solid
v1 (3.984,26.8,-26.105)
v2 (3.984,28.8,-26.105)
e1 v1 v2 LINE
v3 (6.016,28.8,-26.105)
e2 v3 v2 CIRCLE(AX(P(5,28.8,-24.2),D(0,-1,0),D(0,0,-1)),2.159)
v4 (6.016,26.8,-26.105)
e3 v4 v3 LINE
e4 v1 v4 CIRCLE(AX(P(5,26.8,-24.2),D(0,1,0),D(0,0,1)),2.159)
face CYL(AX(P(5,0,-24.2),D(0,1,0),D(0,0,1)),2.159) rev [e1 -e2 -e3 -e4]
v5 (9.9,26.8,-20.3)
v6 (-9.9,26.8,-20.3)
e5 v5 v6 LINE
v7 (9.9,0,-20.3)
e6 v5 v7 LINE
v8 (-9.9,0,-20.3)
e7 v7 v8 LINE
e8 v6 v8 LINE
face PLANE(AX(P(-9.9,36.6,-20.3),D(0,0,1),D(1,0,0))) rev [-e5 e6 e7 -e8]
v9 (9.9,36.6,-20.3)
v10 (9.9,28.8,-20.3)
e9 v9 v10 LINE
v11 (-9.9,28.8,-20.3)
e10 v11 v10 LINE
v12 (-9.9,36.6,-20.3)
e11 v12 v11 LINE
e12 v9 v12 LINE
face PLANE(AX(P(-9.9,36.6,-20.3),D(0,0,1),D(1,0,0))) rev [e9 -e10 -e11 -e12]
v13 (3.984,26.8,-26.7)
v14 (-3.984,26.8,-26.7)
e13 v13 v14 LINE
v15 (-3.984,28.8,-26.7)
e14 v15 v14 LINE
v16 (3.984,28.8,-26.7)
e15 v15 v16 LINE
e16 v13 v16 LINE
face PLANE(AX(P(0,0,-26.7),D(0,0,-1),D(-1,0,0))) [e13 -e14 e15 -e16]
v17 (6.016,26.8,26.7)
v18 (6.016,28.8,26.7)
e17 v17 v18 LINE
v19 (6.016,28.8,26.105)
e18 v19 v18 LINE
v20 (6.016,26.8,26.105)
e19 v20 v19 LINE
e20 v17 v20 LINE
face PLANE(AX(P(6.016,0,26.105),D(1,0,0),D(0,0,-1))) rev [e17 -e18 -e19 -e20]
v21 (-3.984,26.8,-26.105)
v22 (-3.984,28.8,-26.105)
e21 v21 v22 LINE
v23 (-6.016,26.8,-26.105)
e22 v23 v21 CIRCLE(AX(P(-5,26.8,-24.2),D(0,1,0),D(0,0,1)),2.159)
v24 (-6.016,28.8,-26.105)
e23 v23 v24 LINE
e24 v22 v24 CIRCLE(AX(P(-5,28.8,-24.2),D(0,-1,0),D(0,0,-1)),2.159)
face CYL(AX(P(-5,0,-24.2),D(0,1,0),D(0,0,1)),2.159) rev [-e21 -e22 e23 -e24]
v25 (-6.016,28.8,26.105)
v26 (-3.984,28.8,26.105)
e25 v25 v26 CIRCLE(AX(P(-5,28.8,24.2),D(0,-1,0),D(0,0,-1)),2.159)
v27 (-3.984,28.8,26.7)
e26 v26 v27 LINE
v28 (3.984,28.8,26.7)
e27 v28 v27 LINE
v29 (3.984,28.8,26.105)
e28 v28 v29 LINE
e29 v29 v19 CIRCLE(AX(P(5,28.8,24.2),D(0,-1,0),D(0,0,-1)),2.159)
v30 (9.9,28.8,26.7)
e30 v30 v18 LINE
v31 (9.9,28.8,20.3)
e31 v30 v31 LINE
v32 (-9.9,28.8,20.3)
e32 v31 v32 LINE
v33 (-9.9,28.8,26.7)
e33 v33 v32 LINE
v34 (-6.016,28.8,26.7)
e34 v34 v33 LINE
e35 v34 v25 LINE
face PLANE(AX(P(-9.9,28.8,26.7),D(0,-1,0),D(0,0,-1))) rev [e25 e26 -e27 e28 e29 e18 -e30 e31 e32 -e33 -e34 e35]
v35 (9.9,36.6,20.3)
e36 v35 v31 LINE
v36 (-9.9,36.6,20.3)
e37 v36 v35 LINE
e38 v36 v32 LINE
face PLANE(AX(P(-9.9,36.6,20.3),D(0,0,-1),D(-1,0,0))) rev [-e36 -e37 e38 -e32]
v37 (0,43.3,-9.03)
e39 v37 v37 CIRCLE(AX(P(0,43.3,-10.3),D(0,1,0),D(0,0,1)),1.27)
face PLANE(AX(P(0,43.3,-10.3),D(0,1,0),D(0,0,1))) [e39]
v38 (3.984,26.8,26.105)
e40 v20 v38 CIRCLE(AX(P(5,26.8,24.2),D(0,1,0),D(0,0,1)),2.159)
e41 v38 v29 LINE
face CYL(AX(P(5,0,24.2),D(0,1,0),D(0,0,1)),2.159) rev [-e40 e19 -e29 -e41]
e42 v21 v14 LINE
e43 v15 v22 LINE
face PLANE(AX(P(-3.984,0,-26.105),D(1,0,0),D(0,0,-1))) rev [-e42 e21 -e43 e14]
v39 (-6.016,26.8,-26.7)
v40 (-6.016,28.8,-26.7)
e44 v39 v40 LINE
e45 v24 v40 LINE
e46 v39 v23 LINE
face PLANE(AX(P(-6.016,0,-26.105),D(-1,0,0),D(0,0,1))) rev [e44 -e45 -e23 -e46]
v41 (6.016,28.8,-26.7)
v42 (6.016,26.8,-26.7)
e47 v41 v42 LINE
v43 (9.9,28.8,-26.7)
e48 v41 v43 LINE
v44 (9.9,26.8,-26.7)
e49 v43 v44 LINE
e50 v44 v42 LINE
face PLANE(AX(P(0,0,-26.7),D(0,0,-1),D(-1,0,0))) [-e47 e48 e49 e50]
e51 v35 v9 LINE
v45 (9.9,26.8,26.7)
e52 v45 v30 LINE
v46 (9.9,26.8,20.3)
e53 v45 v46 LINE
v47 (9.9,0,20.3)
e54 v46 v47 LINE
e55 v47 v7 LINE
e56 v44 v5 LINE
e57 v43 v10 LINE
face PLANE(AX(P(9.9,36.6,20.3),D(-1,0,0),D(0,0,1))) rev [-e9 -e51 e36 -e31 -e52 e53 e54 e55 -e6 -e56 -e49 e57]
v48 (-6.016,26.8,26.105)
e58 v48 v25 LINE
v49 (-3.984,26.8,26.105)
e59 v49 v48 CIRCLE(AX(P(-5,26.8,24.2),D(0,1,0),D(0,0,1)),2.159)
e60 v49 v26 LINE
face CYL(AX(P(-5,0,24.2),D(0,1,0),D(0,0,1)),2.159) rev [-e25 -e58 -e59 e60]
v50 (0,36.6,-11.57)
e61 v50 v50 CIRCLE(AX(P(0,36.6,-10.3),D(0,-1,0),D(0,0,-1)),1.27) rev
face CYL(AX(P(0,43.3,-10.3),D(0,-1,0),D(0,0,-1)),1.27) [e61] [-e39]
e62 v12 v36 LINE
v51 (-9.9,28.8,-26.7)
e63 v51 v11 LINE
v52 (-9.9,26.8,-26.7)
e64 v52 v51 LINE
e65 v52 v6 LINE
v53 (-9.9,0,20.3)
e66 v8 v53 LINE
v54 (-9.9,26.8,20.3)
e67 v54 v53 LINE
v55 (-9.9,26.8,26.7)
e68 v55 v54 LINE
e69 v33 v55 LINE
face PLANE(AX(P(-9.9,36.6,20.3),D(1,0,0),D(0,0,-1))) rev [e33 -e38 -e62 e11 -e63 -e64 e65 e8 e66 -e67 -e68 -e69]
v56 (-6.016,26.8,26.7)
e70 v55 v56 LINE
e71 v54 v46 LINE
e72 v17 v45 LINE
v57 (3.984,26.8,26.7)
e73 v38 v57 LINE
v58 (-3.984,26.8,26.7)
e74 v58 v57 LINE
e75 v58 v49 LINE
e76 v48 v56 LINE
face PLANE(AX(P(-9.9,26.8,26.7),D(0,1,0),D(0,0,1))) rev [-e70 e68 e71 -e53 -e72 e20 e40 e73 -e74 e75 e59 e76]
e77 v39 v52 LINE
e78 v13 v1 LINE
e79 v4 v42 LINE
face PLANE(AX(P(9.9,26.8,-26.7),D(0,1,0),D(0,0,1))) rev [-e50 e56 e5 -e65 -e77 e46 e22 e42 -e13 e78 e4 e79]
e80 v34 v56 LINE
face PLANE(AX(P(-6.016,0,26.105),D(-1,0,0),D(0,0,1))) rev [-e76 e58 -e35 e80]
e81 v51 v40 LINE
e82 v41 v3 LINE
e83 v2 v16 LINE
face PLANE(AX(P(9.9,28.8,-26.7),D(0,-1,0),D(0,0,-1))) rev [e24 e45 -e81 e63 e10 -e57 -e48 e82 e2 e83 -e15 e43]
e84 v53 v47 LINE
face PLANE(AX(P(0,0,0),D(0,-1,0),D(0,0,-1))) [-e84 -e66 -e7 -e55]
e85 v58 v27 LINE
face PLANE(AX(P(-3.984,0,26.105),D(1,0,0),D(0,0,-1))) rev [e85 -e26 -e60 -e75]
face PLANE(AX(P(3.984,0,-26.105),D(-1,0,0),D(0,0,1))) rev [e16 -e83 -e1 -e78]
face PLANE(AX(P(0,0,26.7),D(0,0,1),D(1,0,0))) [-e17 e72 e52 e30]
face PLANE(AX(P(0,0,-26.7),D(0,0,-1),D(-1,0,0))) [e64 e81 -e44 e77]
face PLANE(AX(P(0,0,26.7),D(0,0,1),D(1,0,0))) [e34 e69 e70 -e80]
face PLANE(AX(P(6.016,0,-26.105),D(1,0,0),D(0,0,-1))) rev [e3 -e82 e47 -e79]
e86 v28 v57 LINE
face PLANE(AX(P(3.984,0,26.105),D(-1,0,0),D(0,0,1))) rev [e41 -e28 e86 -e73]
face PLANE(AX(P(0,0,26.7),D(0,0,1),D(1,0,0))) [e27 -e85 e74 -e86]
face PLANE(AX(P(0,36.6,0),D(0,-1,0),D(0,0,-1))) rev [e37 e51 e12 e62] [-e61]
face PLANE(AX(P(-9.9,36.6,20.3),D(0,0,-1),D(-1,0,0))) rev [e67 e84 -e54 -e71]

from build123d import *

# Parameters (mm, degrees)
SKETCH1_W           = 19.8
SKETCH1_H           = 40.6
BOSS_EXTRUDE1_DEPTH = 36.6
SKETCH2_R           = 1.27
BOSS_EXTRUDE2_DEPTH = 6.700000022
SKETCH3_W           = 19.8
SKETCH3_H           = 2
BOSS_EXTRUDE3_DEPTH = 6.4
SKETCH4_W           = 19.8
SKETCH4_H           = 2
BOSS_EXTRUDE4_DEPTH = 6.4
CUT_EXTRUDE1_DEPTH  = 47.37305252


with BuildPart() as part:
    # Sketch1 → Boss-Extrude1 (new body)
    with BuildSketch(Plane(origin=(0, 0, 0), x_dir=(1, 0, 0), z_dir=(0, 1, 0))):
        Rectangle(SKETCH1_W, SKETCH1_H)
    extrude(amount=BOSS_EXTRUDE1_DEPTH)

    # Sketch2 → Boss-Extrude2 (add)
    with BuildSketch(Plane(origin=(0, 36.6, 0), x_dir=(1, 0, 0), z_dir=(0, 1, 0))):
        with Locations(Location((0, 10.3, 0), (0, 0, 90))):
            Circle(SKETCH2_R)
    extrude(amount=BOSS_EXTRUDE2_DEPTH)

    # Sketch3 → Boss-Extrude3 (add)
    with BuildSketch(Plane(origin=(0, 0, -20.3), x_dir=(-1, 0, 0), z_dir=(0, 0, -1))):
        with Locations((0, 27.8)):
            Rectangle(SKETCH3_W, SKETCH3_H)
    extrude(amount=BOSS_EXTRUDE3_DEPTH)

    # Sketch4 → Boss-Extrude4 (add)
    with BuildSketch(Plane.XY.offset(20.3)):
        with Locations((0, 27.8)):
            Rectangle(SKETCH4_W, SKETCH4_H)
    extrude(amount=BOSS_EXTRUDE4_DEPTH)

    # Sketch5 → Cut-Extrude1 (cut, through all)
    with BuildSketch(Plane(origin=(0, 36.6, 0), x_dir=(1, 0, 0), z_dir=(0, 1, 0))):
        with BuildLine():
            Line((-6.016, 26.105), (-6.016, 26.7))
            Line((-6.016, 26.7), (-3.984, 26.7))
            Line((-3.984, 26.7), (-3.984, 26.105))
            ThreePointArc((-3.984, 26.105), (-5, 22.041), (-6.016, 26.105))
        make_face()
        with BuildLine():
            Line((3.984, 26.105), (3.984, 26.7))
            Line((3.984, 26.7), (6.016, 26.7))
            Line((6.016, 26.7), (6.016, 26.105))
            ThreePointArc((6.016, 26.105), (5, 22.041), (3.984, 26.105))
        make_face()
        with BuildLine():
            Line((-6.016, -26.105), (-6.016, -26.7))
            Line((-6.016, -26.7), (-3.984, -26.7))
            Line((-3.984, -26.7), (-3.984, -26.105))
            ThreePointArc((-3.984, -26.105), (-5, -22.041), (-6.016, -26.105))
        make_face()
        with BuildLine():
            Line((3.984, -26.105), (3.984, -26.7))
            Line((3.984, -26.7), (6.016, -26.7))
            Line((6.016, -26.7), (6.016, -26.105))
            ThreePointArc((6.016, -26.105), (5, -22.041), (3.984, -26.105))
        make_face()
    extrude(amount=-CUT_EXTRUDE1_DEPTH, mode=Mode.SUBTRACT)


solid = part.part
